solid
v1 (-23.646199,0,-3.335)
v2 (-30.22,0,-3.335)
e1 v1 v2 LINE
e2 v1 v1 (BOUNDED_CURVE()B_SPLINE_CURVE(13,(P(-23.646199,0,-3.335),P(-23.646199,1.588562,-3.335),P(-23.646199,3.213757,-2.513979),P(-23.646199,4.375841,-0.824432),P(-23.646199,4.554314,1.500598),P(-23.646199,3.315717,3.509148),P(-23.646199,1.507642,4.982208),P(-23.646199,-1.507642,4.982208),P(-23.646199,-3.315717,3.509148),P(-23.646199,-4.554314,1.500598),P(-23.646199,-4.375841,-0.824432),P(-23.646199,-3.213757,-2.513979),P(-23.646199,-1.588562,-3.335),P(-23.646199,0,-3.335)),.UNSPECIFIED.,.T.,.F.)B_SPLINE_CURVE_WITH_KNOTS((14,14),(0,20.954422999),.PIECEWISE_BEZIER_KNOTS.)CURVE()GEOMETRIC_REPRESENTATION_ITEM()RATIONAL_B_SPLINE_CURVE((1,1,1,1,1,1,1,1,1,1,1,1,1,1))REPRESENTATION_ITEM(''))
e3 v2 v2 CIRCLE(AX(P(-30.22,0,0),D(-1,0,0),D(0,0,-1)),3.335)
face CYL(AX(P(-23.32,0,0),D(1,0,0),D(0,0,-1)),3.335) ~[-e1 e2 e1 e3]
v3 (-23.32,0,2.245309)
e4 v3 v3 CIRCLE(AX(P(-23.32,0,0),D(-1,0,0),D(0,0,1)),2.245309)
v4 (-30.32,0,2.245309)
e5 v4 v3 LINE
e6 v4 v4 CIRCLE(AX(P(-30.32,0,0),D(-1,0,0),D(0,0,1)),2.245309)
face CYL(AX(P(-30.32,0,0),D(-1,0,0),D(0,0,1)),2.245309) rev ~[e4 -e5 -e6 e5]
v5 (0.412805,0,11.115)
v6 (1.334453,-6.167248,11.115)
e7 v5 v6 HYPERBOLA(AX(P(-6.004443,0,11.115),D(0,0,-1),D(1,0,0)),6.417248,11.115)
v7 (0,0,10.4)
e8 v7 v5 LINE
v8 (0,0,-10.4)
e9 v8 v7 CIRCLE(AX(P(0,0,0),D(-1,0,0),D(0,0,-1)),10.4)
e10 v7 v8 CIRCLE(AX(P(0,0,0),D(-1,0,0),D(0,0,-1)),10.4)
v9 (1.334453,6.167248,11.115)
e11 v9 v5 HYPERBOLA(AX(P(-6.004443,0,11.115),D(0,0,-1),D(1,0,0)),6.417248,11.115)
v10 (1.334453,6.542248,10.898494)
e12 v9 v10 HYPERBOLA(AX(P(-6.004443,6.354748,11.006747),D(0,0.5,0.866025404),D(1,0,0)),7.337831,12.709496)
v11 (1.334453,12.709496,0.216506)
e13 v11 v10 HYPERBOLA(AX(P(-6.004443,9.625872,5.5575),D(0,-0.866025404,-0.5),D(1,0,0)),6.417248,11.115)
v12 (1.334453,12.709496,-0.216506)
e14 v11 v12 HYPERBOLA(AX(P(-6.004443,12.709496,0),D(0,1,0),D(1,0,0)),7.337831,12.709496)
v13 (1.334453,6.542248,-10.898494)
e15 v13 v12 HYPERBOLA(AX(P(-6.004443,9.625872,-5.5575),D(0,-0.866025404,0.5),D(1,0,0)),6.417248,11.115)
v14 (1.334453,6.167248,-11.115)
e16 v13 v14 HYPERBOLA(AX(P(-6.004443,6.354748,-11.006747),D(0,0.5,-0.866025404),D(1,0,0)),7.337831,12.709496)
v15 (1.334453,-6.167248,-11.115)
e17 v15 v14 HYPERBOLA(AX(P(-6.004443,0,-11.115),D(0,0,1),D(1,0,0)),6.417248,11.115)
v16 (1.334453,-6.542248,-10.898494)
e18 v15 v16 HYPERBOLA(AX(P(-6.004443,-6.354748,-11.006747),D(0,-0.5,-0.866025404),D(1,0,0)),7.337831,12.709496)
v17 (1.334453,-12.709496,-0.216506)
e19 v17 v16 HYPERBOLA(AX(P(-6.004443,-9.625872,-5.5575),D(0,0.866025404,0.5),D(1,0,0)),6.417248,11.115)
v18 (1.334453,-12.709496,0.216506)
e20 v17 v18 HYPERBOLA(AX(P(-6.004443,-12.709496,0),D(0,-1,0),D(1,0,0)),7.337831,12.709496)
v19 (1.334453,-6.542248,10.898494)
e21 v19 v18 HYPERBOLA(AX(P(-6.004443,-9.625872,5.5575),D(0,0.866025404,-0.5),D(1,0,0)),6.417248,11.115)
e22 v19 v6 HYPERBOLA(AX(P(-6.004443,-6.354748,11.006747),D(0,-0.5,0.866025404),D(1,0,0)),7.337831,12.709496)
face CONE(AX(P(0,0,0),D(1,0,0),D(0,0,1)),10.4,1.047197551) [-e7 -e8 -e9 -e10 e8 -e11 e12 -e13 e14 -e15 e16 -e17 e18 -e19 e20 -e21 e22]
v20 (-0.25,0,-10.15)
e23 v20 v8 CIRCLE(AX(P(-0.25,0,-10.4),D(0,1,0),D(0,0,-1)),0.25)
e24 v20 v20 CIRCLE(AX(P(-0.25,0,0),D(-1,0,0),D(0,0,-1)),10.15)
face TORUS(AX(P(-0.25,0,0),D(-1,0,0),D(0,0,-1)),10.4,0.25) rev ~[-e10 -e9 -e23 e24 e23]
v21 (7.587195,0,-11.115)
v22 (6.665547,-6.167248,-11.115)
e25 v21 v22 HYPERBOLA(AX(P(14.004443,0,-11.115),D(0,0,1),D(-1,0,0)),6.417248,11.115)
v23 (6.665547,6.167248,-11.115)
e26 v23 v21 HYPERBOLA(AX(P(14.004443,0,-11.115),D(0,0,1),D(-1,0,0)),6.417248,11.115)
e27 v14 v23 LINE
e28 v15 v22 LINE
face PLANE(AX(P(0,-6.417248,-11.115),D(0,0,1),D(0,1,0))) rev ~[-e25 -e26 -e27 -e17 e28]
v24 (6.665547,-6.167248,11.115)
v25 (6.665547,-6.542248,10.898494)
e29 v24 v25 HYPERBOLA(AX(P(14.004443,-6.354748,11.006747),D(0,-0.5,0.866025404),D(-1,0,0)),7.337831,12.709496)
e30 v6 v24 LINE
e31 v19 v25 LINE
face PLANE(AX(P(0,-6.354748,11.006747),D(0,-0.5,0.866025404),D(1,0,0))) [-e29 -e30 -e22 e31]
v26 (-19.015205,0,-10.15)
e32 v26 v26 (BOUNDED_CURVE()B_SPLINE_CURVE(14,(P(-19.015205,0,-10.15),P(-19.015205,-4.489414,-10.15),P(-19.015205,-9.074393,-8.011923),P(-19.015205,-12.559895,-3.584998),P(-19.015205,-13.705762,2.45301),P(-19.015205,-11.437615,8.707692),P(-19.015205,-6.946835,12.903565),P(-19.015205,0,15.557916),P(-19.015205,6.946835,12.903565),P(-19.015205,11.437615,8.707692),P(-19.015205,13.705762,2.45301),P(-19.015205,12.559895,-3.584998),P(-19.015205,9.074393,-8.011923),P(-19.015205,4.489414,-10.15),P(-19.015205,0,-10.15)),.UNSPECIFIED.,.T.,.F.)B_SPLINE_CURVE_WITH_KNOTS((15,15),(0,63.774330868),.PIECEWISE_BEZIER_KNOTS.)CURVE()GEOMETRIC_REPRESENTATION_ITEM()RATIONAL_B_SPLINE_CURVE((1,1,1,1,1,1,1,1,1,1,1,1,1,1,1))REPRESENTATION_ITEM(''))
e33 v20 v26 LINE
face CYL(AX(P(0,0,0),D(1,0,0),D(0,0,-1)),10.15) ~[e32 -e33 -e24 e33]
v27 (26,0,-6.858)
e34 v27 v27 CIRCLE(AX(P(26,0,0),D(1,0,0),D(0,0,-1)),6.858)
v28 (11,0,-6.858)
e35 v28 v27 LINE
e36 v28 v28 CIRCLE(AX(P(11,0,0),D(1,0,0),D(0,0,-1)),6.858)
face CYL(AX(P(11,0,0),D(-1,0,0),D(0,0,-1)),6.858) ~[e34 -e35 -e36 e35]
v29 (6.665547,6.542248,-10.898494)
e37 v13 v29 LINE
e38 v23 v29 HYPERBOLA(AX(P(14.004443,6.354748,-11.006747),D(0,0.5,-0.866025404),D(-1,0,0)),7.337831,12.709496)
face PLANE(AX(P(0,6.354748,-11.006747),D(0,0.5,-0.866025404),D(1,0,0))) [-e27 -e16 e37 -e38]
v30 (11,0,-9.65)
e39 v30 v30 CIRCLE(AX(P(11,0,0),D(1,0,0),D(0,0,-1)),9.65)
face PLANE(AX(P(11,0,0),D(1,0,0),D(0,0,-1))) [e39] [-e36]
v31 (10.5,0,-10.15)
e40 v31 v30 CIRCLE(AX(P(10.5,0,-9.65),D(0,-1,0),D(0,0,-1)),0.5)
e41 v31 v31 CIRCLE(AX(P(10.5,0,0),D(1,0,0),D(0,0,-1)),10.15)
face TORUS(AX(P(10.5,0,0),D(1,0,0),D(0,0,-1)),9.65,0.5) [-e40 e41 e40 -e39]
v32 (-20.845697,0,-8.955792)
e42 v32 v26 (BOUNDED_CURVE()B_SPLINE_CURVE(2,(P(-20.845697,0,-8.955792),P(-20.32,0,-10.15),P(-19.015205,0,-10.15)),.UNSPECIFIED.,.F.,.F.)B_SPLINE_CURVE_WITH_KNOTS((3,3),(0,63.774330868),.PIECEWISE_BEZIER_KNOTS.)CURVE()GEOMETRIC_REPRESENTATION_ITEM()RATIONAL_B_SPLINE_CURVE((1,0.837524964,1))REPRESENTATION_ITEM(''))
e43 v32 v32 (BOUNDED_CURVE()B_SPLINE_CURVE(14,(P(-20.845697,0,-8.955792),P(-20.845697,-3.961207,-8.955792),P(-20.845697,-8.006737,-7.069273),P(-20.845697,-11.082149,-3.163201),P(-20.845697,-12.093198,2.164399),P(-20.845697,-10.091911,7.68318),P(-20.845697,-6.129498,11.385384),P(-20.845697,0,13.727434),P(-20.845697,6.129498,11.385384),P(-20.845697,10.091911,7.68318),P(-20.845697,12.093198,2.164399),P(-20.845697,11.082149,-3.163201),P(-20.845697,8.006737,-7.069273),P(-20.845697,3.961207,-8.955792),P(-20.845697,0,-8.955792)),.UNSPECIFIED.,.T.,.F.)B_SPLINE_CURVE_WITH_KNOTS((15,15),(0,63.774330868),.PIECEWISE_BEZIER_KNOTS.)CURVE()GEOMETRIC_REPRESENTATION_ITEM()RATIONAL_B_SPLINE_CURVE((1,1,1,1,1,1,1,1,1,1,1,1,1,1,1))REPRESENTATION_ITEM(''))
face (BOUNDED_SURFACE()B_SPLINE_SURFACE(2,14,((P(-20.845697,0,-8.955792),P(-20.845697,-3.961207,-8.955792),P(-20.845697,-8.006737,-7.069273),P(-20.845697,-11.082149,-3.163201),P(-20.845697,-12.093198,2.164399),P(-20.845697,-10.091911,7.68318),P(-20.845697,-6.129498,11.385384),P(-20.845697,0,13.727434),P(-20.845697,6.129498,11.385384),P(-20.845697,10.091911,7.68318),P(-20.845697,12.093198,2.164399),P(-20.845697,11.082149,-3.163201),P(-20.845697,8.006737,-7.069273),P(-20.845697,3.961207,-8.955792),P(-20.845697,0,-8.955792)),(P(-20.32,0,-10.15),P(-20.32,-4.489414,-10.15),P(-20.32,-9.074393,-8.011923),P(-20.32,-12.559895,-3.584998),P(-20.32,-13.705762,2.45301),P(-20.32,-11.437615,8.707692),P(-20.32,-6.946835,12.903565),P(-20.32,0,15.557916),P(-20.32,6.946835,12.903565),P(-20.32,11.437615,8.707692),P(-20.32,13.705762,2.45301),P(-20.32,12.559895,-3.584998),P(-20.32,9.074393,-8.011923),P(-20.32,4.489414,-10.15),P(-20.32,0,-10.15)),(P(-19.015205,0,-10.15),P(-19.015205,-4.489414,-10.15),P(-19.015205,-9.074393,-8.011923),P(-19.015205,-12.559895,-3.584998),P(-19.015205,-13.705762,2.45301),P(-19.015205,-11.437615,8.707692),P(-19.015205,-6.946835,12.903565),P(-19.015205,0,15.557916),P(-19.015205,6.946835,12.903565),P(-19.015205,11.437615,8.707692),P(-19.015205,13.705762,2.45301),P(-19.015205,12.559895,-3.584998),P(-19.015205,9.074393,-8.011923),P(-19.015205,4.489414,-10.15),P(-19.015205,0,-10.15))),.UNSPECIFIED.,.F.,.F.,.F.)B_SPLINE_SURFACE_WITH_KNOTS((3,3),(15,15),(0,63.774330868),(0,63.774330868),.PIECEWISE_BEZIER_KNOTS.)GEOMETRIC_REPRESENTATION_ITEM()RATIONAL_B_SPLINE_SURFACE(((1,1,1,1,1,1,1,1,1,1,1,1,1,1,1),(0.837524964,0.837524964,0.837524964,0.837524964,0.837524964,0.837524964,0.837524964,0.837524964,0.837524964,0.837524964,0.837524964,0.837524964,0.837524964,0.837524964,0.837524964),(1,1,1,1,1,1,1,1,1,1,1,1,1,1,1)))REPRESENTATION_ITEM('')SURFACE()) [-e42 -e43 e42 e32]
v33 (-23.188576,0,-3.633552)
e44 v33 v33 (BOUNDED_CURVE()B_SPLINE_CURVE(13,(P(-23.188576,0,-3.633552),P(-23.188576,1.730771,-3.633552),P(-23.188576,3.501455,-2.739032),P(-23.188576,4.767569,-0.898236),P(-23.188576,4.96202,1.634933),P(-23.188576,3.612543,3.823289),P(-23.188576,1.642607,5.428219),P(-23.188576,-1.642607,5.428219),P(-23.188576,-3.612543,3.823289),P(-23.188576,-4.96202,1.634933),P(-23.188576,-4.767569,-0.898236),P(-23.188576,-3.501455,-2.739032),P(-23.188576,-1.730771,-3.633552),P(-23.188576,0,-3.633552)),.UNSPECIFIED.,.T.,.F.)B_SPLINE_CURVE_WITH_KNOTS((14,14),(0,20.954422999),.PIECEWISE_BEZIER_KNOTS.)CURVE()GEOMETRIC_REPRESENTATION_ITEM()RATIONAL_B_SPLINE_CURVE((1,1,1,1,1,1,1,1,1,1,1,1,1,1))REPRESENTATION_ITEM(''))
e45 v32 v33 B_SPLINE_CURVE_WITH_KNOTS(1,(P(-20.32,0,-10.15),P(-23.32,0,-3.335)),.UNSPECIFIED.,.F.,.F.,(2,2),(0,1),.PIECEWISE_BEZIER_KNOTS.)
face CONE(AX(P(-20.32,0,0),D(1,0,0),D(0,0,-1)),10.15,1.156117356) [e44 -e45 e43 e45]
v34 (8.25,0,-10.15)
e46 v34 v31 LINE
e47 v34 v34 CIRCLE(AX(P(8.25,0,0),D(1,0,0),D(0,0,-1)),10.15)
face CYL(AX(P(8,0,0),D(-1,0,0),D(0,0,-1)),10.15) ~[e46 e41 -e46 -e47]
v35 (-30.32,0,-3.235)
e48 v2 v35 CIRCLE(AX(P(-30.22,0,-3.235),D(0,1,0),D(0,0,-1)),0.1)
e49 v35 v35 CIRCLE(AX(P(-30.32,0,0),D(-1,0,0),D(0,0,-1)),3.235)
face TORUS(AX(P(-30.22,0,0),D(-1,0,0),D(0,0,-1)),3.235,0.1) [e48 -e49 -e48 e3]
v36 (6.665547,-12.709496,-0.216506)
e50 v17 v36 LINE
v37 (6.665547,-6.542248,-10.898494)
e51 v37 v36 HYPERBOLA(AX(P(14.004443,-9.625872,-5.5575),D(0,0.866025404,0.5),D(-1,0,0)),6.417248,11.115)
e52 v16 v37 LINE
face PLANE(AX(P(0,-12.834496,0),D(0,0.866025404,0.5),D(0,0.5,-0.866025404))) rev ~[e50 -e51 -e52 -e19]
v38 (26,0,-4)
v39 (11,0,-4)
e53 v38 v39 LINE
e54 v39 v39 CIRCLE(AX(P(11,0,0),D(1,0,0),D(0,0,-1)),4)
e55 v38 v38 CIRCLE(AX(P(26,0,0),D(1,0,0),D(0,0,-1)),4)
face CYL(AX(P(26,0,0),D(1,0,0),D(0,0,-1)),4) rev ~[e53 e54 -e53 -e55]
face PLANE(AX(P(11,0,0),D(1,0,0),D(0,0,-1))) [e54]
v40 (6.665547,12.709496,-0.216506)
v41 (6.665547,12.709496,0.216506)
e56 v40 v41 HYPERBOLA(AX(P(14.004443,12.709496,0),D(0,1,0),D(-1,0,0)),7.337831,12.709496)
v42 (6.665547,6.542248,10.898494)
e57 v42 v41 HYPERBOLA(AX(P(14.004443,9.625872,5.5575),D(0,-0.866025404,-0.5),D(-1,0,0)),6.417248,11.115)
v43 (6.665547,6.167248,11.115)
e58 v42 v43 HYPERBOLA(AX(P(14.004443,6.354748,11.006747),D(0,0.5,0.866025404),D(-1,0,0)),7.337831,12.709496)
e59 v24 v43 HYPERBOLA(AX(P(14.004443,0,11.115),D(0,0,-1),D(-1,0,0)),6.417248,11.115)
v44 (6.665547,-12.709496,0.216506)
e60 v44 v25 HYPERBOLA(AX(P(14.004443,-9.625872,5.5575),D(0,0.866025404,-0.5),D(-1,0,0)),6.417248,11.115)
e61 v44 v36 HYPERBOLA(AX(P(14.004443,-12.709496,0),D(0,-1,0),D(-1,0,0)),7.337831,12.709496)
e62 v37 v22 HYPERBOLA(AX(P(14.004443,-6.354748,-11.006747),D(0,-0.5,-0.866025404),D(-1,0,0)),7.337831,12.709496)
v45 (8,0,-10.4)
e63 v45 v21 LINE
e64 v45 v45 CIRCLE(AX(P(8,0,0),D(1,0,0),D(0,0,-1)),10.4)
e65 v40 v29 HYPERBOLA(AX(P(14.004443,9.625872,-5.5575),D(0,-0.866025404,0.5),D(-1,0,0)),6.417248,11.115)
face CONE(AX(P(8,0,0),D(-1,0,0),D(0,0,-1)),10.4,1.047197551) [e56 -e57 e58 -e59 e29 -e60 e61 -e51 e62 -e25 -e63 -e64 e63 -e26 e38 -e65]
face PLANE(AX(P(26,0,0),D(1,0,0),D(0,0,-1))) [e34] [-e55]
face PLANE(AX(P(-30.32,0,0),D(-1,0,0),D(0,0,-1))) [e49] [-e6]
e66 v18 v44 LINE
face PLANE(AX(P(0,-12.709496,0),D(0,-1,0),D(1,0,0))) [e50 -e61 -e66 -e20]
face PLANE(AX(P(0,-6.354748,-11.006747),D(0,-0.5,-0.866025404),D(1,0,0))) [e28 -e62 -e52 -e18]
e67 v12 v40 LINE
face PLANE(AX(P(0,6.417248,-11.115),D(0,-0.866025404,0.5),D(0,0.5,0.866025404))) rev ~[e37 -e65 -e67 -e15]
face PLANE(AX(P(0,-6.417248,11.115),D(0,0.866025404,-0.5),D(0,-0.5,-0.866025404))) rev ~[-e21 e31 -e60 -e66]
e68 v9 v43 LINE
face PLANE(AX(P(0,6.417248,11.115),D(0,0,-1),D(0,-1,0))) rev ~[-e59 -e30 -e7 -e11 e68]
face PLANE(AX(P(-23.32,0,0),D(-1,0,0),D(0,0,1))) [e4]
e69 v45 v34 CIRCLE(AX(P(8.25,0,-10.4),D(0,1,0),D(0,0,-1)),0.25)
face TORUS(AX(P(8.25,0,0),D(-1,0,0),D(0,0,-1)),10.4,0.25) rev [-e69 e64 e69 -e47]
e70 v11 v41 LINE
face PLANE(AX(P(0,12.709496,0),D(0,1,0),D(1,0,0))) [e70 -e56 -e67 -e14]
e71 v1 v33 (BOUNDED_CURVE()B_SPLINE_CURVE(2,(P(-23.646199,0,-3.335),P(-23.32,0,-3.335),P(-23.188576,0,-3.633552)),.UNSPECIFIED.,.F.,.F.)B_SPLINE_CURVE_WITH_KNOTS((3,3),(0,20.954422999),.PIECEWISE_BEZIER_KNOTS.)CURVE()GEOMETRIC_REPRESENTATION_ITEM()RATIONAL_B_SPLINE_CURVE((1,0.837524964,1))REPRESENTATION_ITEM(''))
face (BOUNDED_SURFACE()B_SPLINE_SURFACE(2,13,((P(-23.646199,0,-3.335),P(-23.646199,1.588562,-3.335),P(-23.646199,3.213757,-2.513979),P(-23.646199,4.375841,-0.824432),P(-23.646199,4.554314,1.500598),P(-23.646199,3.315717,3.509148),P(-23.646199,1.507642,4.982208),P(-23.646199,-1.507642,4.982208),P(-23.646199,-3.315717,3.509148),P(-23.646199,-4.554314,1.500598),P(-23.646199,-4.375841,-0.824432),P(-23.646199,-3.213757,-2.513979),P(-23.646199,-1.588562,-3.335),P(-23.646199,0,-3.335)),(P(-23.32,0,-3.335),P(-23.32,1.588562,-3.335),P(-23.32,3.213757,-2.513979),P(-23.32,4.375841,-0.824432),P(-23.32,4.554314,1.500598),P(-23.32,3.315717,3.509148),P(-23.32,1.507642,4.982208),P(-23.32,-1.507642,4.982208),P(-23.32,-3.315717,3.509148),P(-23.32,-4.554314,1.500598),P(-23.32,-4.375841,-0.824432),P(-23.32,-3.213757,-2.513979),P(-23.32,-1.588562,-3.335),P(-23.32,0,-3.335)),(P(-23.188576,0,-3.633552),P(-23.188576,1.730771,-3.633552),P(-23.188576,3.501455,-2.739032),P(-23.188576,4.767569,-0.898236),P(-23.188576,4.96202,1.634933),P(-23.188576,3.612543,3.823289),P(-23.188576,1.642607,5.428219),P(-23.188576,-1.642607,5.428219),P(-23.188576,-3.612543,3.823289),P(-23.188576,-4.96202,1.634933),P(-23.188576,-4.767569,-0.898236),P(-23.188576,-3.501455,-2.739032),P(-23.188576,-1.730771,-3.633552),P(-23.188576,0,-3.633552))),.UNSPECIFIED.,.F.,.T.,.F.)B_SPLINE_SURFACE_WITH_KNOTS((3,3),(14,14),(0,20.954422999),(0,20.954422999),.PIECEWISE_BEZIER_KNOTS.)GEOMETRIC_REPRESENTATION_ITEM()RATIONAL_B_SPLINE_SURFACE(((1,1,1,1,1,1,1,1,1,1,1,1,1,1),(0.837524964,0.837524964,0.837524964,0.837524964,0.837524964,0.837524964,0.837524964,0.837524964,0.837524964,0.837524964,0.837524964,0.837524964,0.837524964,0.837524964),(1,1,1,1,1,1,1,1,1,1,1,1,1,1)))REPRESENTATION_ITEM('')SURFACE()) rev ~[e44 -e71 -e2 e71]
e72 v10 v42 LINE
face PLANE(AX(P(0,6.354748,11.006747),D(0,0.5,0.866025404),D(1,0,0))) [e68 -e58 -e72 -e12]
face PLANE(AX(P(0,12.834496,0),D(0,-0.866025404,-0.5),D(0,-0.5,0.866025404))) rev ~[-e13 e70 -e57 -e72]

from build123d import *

# Parameters (mm, degrees)
BOSS_EXTRUDE1_DEPTH  = 8
SKETCH2_R            = 10.15
BOSS_EXTRUDE2_DEPTH  = 3
SKETCH3_R            = 10.15
BOSS_EXTRUDE3_DEPTH  = 20.32
SKETCH4_R            = 3.335
BOSS_EXTRUDE4_DEPTH  = 3
SKETCH6_R            = 3.335
BOSS_EXTRUDE5_DEPTH  = 7
FILLET1_R            = 0.1
FILLET2_R            = 0.5
FILLET3_R            = 2
FILLET4_R            = 0.25
CHAMFER1_SIZE        = 0.25
CHAMFER1_EDGE_2_SIZE = 0.25
CHAMFER1_EDGE_3_SIZE = 0.25
CHAMFER1_EDGE_4_SIZE = 0.25
CHAMFER1_EDGE_5_SIZE = 0.25
CHAMFER1_EDGE_6_SIZE = 0.25
SKETCH7_R            = 6.858
BOSS_EXTRUDE6_DEPTH  = 15
SKETCH12_R           = 4
CUT_EXTRUDE1_DEPTH   = 15
FILLET5_R            = 0.5
SKETCH13_R           = 2.245309126
CUT_EXTRUDE2_DEPTH   = 7
SKETCH14_OUTSIDE_W   = 72.004
SKETCH14_OUTSIDE_H   = 75.192
SKETCH14_OUTSIDE_R   = 10.4
CUT_EXTRUDE5_DEPTH   = 10
CUT_EXTRUDE5_DRAFT   = -60
SKETCH15_OUTSIDE_W   = 72.004
SKETCH15_OUTSIDE_H   = 75.192
SKETCH15_OUTSIDE_R   = 10.4
CUT_EXTRUDE6_DEPTH   = 10
CUT_EXTRUDE6_DRAFT   = -60


with BuildPart() as part:
    # Sketch1 → Boss-Extrude1 (new body)
    with BuildSketch(Plane(origin=(0, 0, 0), x_dir=(0, 0, -1), z_dir=(1, 0, 0))):
        Polygon((11.115, -6.417248242), (11.115, 6.417248242), (0, 12.834496484), (-11.115, 6.417248242), (-11.115, -6.417248242), (0, -12.834496484), align=None)
    extrude(amount=BOSS_EXTRUDE1_DEPTH)

    # Sketch2 → Boss-Extrude2 (add)
    with BuildSketch(Plane(origin=(8, 0, 0), x_dir=(0, 0, -1), z_dir=(1, 0, 0))):
        Circle(SKETCH2_R)
    extrude(amount=BOSS_EXTRUDE2_DEPTH)

    # Sketch3 → Boss-Extrude3 (add)
    with BuildSketch(Plane.ZY):
        with Locations(Location((0, 0, 0), (0, 0, 180))):
            Circle(SKETCH3_R)
    extrude(amount=BOSS_EXTRUDE3_DEPTH)

    # Sketch4 → Boss-Extrude4 (add)
    with BuildSketch(Plane.ZY.offset(20.32)):
        Circle(SKETCH4_R)
    extrude(amount=BOSS_EXTRUDE4_DEPTH)

    # loft up to a face of the part (loft1)
    loft([Face(Wire([part.edges().sort_by_distance((-20.32, -7.399031568, 6.948153125))[0]])), Face(Wire([part.edges().sort_by_distance((-23.32, 2.431110372, -2.282964598))[0]]))])

    # Sketch6 → Boss-Extrude5 (add)
    with BuildSketch(Plane.ZY.offset(23.32)):
        with Locations(Location((0, 0, 0), (0, 0, 180))):
            Circle(SKETCH6_R)
    extrude(amount=BOSS_EXTRUDE5_DEPTH)

    # Fillet1
    fillet1_edges = [part.edges().sort_by_distance(p)[0] for p in [
        (-30.32, 0, 3.335),
    ]]
    fillet(fillet1_edges, radius=FILLET1_R)

    # Fillet2
    fillet2_edges = [part.edges().sort_by_distance(p)[0] for p in [
        (-23.32, 0, 3.335),
    ]]
    fillet(fillet2_edges, radius=FILLET2_R)

    # Fillet3
    fillet3_edges = [part.edges().sort_by_distance(p)[0] for p in [
        (-20.32, 0, 10.15),
    ]]
    fillet(fillet3_edges, radius=FILLET3_R)

    # Fillet4
    fillet4_edges = [part.edges().sort_by_distance(p)[0] for p in [
        (8, 0, 10.15),
        (0, 0, 10.15),
    ]]
    fillet(fillet4_edges, radius=FILLET4_R)

    # Chamfer1
    chamfer1_edges = [part.edges().sort_by_distance(p)[0] for p in [
        (4, -12.834496484, 0),
    ]]
    chamfer(chamfer1_edges, length=CHAMFER1_SIZE)

    # Chamfer1 edge 2
    chamfer1_edge_2_edges = [part.edges().sort_by_distance(p)[0] for p in [
        (4, -6.417248242, 11.115),
    ]]
    chamfer(chamfer1_edge_2_edges, length=CHAMFER1_EDGE_2_SIZE)

    # Chamfer1 edge 3
    chamfer1_edge_3_edges = [part.edges().sort_by_distance(p)[0] for p in [
        (4, 6.417248242, 11.115),
    ]]
    chamfer(chamfer1_edge_3_edges, length=CHAMFER1_EDGE_3_SIZE)

    # Chamfer1 edge 4
    chamfer1_edge_4_edges = [part.edges().sort_by_distance(p)[0] for p in [
        (4, 12.834496484, 0),
    ]]
    chamfer(chamfer1_edge_4_edges, length=CHAMFER1_EDGE_4_SIZE)

    # Chamfer1 edge 5
    chamfer1_edge_5_edges = [part.edges().sort_by_distance(p)[0] for p in [
        (4, 6.417248242, -11.115),
    ]]
    chamfer(chamfer1_edge_5_edges, length=CHAMFER1_EDGE_5_SIZE)

    # Chamfer1 edge 6
    chamfer1_edge_6_edges = [part.edges().sort_by_distance(p)[0] for p in [
        (4, -6.417248242, -11.115),
    ]]
    chamfer(chamfer1_edge_6_edges, length=CHAMFER1_EDGE_6_SIZE)

    # Sketch7 → Boss-Extrude6 (add)
    with BuildSketch(Plane(origin=(11, 0, 0), x_dir=(0, 0, -1), z_dir=(1, 0, 0))):
        Circle(SKETCH7_R)
    extrude(amount=BOSS_EXTRUDE6_DEPTH)

    # Sketch12 → Cut-Extrude1 (cut)
    with BuildSketch(Plane(origin=(26, 0, 0), x_dir=(0, 0, -1), z_dir=(1, 0, 0))):
        Circle(SKETCH12_R)
    extrude(amount=-CUT_EXTRUDE1_DEPTH, mode=Mode.SUBTRACT)

    # Fillet5
    fillet5_edges = [part.edges().sort_by_distance(p)[0] for p in [
        (11, 0, 10.15),
    ]]
    fillet(fillet5_edges, radius=FILLET5_R)

    # Sketch13 → Cut-Extrude2 (cut)
    with BuildSketch(Plane.ZY.offset(30.32)):
        Circle(SKETCH13_R)
    extrude(amount=-CUT_EXTRUDE2_DEPTH, mode=Mode.SUBTRACT)


with BuildPart() as cut_extrude5_tool:
    # Sketch14 outside → Cut-Extrude5 (with draft: the straight prism first)
    with BuildSketch(Plane(origin=(8, 0, 0), x_dir=(0, 0, -1), z_dir=(1, 0, 0))):
        Rectangle(SKETCH14_OUTSIDE_W, SKETCH14_OUTSIDE_H)
        Circle(SKETCH14_OUTSIDE_R, mode=Mode.SUBTRACT)
    extrude(amount=-CUT_EXTRUDE5_DEPTH)
    # Cut-Extrude5: the draft: its side faces are tilted about the plane it starts from
    cut_extrude5_sides = [cut_extrude5_tool.faces().sort_by_distance(p)[0] for p in [
        (3, -37.596, 0),
        (3, 0, -36.002),
        (3, 37.596, 0),
        (3, 0, 36.002),
        (3, 0, 10.4),
    ]]
    draft(cut_extrude5_sides, Plane(origin=(8, 0, 0), x_dir=(0, 0, -1), z_dir=(1, 0, 0)), CUT_EXTRUDE5_DRAFT)


with BuildPart() as part_1:
    add(part.part)

    # Cut-Extrude5: cut by cut_extrude5_tool
    add(cut_extrude5_tool.part, mode=Mode.SUBTRACT)


with BuildPart() as cut_extrude6_tool:
    # Sketch15 outside → Cut-Extrude6 (with draft: the straight prism first)
    with BuildSketch(Plane.ZY):
        Rectangle(SKETCH15_OUTSIDE_W, SKETCH15_OUTSIDE_H)
        Circle(SKETCH15_OUTSIDE_R, mode=Mode.SUBTRACT)
    extrude(amount=-CUT_EXTRUDE6_DEPTH)
    # Cut-Extrude6: the draft: its side faces are tilted about the plane it starts from
    cut_extrude6_sides = [cut_extrude6_tool.faces().sort_by_distance(p)[0] for p in [
        (5, -37.596, 0),
        (5, 0, 36.002),
        (5, 37.596, 0),
        (5, 0, -36.002),
        (5, 0, -10.4),
    ]]
    draft(cut_extrude6_sides, Plane.ZY, CUT_EXTRUDE6_DRAFT)


with BuildPart() as part_2:
    add(part_1.part)

    # Cut-Extrude6: cut by cut_extrude6_tool
    add(cut_extrude6_tool.part, mode=Mode.SUBTRACT)


solid = part_2.part
